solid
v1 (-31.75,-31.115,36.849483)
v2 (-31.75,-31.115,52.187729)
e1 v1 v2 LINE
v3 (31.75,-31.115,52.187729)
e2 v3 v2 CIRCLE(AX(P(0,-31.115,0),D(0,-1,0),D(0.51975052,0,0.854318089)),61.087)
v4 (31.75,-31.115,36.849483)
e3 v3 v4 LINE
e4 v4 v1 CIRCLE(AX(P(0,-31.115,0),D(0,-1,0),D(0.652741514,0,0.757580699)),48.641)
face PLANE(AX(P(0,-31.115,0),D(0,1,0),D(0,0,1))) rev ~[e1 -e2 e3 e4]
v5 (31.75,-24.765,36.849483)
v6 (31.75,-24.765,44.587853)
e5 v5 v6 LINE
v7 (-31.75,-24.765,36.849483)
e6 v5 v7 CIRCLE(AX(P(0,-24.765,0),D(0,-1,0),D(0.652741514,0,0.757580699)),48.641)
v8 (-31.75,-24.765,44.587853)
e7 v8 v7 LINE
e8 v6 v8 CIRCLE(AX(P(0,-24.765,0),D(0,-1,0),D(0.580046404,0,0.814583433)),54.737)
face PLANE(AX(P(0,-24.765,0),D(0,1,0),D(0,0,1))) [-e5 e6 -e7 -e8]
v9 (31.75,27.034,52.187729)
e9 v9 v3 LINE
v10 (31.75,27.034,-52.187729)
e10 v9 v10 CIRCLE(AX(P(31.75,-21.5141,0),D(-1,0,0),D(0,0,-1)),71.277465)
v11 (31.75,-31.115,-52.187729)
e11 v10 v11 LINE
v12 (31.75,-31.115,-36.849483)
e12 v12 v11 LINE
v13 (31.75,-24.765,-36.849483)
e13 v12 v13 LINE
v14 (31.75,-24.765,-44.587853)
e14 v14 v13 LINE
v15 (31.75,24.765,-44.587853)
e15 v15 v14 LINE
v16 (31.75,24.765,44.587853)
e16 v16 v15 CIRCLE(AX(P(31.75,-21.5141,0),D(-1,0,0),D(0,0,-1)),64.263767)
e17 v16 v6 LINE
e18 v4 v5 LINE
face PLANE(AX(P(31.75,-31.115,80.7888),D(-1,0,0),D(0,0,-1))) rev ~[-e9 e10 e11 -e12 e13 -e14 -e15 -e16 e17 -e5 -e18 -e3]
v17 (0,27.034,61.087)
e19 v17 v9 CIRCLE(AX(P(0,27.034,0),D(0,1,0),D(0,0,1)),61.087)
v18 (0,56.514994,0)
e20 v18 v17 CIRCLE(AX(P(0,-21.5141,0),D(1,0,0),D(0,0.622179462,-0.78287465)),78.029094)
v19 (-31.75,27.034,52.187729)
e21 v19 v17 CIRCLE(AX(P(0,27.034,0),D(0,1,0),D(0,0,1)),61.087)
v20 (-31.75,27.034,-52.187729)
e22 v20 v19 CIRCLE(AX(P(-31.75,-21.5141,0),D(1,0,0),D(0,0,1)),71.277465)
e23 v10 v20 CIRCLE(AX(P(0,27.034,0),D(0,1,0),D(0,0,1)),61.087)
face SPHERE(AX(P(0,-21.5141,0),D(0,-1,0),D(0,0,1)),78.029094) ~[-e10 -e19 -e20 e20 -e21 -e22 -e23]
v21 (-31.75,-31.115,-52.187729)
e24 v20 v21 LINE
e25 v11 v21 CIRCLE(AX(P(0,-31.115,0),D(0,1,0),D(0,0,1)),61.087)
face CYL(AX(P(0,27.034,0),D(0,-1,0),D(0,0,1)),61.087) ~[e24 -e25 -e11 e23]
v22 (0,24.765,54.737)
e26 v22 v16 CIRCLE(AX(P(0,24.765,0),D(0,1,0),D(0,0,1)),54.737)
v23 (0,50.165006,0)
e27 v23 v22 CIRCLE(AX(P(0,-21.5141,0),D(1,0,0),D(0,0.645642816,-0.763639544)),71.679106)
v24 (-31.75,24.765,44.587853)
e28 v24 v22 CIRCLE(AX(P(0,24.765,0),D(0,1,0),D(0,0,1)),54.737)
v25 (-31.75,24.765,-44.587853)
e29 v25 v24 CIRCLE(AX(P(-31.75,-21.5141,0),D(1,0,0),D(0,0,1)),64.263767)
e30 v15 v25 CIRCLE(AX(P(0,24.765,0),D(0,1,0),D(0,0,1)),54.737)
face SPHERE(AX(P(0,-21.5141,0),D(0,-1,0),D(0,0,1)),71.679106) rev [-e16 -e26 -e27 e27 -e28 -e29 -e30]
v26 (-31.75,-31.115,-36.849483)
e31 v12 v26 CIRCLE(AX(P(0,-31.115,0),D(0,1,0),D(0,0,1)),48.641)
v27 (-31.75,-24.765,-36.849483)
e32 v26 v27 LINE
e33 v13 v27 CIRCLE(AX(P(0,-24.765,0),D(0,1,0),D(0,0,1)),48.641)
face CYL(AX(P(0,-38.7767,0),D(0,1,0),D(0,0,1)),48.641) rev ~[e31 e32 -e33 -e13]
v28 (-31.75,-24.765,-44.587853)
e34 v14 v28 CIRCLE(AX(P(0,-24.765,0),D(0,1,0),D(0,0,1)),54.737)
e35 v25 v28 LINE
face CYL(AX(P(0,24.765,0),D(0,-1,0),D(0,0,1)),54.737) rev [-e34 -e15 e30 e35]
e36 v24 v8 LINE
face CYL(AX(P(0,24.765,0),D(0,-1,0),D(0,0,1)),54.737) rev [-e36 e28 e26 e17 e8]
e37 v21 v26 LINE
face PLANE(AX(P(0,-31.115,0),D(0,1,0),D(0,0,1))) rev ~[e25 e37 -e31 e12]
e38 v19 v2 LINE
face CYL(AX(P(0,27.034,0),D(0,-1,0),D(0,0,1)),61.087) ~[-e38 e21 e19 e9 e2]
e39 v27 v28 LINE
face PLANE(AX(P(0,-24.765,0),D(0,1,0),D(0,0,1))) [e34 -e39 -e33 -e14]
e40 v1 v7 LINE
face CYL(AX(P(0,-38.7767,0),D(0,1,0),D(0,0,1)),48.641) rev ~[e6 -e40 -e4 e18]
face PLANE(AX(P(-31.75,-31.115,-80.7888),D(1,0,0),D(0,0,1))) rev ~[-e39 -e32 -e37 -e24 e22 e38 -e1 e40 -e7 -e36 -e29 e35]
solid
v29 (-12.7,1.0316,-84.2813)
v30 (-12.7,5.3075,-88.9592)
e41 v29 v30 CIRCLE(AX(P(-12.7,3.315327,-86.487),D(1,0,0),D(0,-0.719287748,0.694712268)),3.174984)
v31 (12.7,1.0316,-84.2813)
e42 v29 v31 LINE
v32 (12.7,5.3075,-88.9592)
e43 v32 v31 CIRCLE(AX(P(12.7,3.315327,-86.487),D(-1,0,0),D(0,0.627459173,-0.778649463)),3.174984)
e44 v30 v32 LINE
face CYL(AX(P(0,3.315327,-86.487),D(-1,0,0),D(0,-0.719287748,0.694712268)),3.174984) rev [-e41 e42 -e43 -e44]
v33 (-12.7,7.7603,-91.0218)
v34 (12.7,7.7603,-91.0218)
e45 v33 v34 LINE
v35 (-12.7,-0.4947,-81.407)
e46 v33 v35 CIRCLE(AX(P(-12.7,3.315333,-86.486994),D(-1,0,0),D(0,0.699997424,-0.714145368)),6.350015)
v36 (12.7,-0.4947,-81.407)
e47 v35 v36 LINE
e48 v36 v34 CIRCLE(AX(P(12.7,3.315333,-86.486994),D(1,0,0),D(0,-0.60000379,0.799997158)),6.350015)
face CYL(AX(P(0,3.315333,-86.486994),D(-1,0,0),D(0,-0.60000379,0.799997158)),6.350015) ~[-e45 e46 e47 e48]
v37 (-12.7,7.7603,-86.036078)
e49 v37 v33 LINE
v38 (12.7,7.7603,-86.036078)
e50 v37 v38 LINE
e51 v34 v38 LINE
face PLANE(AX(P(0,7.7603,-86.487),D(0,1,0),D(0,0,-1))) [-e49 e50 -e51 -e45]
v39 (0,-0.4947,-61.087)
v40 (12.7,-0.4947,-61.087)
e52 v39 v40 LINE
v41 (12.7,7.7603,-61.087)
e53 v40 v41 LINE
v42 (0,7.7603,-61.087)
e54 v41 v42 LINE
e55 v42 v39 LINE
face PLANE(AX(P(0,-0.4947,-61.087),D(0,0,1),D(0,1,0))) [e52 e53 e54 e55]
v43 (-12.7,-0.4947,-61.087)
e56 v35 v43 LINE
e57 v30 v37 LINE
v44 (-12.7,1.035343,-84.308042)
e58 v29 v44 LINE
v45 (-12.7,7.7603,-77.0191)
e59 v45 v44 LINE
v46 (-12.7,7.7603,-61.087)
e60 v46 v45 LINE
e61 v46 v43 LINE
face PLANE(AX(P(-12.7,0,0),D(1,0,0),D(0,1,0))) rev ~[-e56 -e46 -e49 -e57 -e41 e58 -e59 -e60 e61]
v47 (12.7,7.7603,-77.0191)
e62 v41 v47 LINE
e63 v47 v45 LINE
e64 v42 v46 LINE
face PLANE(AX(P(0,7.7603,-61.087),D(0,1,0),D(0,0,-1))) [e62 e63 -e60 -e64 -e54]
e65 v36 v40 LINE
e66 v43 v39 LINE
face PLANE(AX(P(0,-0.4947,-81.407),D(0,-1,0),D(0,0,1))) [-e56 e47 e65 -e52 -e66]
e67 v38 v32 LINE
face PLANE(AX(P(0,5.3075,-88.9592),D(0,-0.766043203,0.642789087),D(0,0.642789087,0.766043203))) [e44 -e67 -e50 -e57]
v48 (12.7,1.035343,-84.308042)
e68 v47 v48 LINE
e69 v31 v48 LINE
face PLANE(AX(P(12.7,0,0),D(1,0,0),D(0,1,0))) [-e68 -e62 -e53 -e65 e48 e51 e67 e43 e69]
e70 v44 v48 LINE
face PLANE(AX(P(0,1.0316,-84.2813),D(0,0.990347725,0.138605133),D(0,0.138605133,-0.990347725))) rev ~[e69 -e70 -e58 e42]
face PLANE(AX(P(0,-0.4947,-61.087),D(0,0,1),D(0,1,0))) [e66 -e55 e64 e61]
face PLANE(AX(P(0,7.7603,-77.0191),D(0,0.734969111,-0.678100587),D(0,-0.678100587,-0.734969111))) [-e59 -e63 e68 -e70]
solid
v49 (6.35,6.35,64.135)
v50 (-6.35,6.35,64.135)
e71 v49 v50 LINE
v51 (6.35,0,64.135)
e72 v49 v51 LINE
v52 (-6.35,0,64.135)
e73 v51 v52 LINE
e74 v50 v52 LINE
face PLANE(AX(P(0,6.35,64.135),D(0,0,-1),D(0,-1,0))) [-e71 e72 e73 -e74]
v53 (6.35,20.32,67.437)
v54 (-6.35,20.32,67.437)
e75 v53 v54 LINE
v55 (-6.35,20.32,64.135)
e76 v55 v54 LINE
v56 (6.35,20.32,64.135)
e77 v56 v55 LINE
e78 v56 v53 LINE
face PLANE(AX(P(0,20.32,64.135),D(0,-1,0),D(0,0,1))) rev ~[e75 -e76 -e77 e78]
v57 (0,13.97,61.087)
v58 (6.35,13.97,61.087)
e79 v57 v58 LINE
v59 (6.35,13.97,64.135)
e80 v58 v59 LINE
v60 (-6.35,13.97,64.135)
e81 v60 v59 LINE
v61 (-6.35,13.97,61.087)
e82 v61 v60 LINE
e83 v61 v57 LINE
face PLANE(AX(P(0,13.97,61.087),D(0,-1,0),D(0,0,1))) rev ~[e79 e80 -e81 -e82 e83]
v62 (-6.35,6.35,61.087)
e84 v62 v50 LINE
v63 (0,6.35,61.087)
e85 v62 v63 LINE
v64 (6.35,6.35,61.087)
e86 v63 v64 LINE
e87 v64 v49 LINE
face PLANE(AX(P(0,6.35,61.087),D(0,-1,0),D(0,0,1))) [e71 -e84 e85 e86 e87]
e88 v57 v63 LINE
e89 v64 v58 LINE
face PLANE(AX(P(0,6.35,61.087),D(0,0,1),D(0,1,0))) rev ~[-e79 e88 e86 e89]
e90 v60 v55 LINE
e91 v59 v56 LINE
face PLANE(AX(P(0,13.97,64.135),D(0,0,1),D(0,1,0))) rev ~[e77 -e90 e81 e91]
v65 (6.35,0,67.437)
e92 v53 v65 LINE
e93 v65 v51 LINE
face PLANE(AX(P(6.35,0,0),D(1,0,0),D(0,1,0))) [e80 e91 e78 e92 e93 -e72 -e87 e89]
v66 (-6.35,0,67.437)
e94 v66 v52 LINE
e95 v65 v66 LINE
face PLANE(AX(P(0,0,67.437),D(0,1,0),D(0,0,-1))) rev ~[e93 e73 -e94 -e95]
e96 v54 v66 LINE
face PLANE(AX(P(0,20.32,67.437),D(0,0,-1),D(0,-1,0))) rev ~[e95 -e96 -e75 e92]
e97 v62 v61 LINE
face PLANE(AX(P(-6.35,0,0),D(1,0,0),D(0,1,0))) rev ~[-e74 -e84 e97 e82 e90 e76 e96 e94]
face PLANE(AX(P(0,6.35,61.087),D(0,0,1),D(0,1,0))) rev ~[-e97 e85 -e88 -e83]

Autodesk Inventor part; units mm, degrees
ref_plane "YZ Plane" through (0, 0, 0) normal (1, 0, 0) x (0, 1, 0)
ref_plane "XZ Plane" through (0, 0, 0) normal (0, 1, 0) x (-1, 0, 0)
ref_plane "XY Plane" through (0, 0, 0) normal (0, 0, 1) x (1, 0, 0)
sketch "Sketch3" plane through (0, 0, 0) normal (1, 0, 0) x (0, 1, 0)
  line L0 (24.765, 54.737) -> (-24.765, 54.737)
  line L1 (-24.765, 54.737) -> (-24.765, -54.737)
  line L2 (-24.765, -54.737) -> (24.765, -54.737)
  line L3 (24.765, 54.737) -> (-24.765, -54.737) construction
  line L4 (-24.765, 54.737) -> (24.765, -54.737) construction
  arc A0 (24.765, -54.737) -> (24.765, 54.737) centre (-21.5141, 0) ccw
  line L5 (27.034, 61.087) -> (-31.115, 61.087)
  line L6 (-31.115, 61.087) -> (-31.115, -61.087)
  line L7 (-31.115, -61.087) -> (27.034, -61.087)
  arc A1 (27.034, -61.087) -> (27.034, 61.087) centre (-21.5141, 0) ccw
  line L8 (-38.7767, 48.641) -> (-10.7533, 48.641)
  line L9 (-10.7533, 48.641) -> (-10.7533, -48.641)
  line L10 (-10.7533, -48.641) -> (-38.7767, -48.641)
  line L11 (-38.7767, -48.641) -> (-38.7767, 48.641)
  line L12 (-38.7767, 48.641) -> (-10.7533, -48.641) construction
  line L13 (-10.7533, 48.641) -> (-38.7767, -48.641) construction
  line L14 (-24.765, 0) -> (73.8753, 0)
  point P0 (0, 0)
  point P1 (24.765, 0)
  point P2 (50.165, 0)
  point P3 (50.165, 0)
  point P4 (56.515, 0)
  point P5 (-31.115, 48.641)
  point P6 (-24.765, 48.641)
  dimension "d15" = 63.5
  dimension "d7" = 109.474
  dimension "d9" = 74.93
  dimension "d10" = 49.53
  dimension "d11" = 6.35
  dimension "d13" = 6.096
revolve "Revolution1" add sketch "Sketch3" angle 360 about axis through (0, -24.765, 0) along (0, 1, 0) contours L0 L1 L8 L6 L5 A1 L14 A0
sketch "Sketch4" plane through (0, -31.115, 0) normal (0, -1, 0) x (1, 0, 0)
  line L0 (-31.75, 80.7888) -> (31.75, 80.7888)
  line L1 (31.75, 80.7888) -> (31.75, -80.7888)
  line L2 (31.75, -80.7888) -> (-31.75, -80.7888)
  line L3 (-31.75, -80.7888) -> (-31.75, 80.7888)
  line L4 (-31.75, 80.7888) -> (31.75, -80.7888) construction
  line L5 (31.75, 80.7888) -> (-31.75, -80.7888) construction
  line L6 (64.3082, -113.347) -> (64.3082, 113.347)
  line L7 (64.3082, 113.347) -> (-64.3082, 113.347)
  line L8 (-64.3082, 113.347) -> (-64.3082, -113.347)
  line L9 (-64.3082, -113.347) -> (64.3082, -113.347)
  point P0 (0, 0)
  dimension "d15" = 63.5
extrude "Extrusion2" cut sketch "Sketch4" against normal through all
sketch "Sketch5" plane through (0, 0, 0) normal (1, 0, 0) x (0, 1, 0)
  line L0 (-31.115, -61.087) -> (27.034, -61.087) projected
  line L1 (-0.4947, -61.087) -> (7.7603, -61.087)
  line L2 (7.7603, -61.087) -> (7.7603, -91.0218)
  line L3 (-0.4947, -81.407) -> (-0.4947, -61.087)
  line L4 (7.7603, -61.087) -> (0.1403, -61.087)
  line L5 (0.1403, -61.087) -> (0.1403, -58.2773)
  line L6 (0.1403, -58.2773) -> (7.7603, -58.2773)
  line L7 (7.7603, -58.2773) -> (7.7603, -61.087)
  arc A0 (1.0316, -84.2813) -> (5.3075, -88.9592) centre (3.3153, -86.487) ccw
  arc A1 (-0.4947, -81.407) -> (9.2585, -84.2506) centre (3.3153, -86.487) ccw
  line L8 (5.3075, -88.9592) -> (9.2585, -84.2506)
  line L9 (5.3075, -88.9592) -> (25.8571, -88.9592) construction
  line L10 (1.0316, -84.2813) -> (2.2156, -92.7411)
  line L11 (7.7603, -77.0191) -> (0.7466, -84.621)
  line L12 (7.7603, -86.487) -> (7.3819, -86.487)
  line L13 (1.3403, -86.487) -> (0.1403, -86.487)
  point P0 (0, 0)
  point P1 (6.0959, -88.0196)
  point P2 (1.7249, -89.2349)
  point P3 (7.7603, -86.036)
  point P4 (1.0353, -84.308)
  dimension "d18" = 7.62
  dimension "d19" = 25.4
  dimension "d20" = 6.35
  dimension "d21" = 12.7
  dimension "d22" = 50
extrude "Extrusion3" add sketch "Sketch5" along normal mid plane 25.4 contours L0 L2 L11 L10 A0 A1 L3 | L10 A0 L8 L12 L2 A1 | L2 L12 L8
sketch "Sketch6" plane through (0, 0, 0) normal (1, 0, 0) x (0, 1, 0)
  line L0 (-31.115, 61.087) -> (27.034, 61.087) projected
  line L1 (0, 61.087) -> (20.32, 61.087)
  line L2 (20.32, 61.087) -> (20.32, 67.437)
  line L3 (20.32, 67.437) -> (0, 67.437)
  line L4 (0, 67.437) -> (0, 61.087)
  line L5 (20.32, 61.087) -> (13.97, 61.087)
  line L6 (13.97, 61.087) -> (13.97, 64.135)
  line L7 (13.97, 64.135) -> (20.32, 64.135)
  line L8 (20.32, 64.135) -> (20.32, 61.087)
  line L9 (0, 61.087) -> (6.35, 61.087)
  line L10 (6.35, 61.087) -> (6.35, 64.135)
  line L11 (6.35, 64.135) -> (0, 64.135)
  line L12 (0, 64.135) -> (0, 61.087)
  point P0 (0, 0)
  dimension "d25" = 20.32
  dimension "d26" = 6.35
  dimension "d27" = 6.35
  dimension "d28" = 3.048
  dimension "d29" = 6.35
  dimension "d30" = 3.048
extrude "Extrusion4" add sketch "Sketch6" along normal mid plane 12.7 contours L10 L11 L4 L3 L2 L7 L6 L0
properties part number "Solar_Panel_Mount"
